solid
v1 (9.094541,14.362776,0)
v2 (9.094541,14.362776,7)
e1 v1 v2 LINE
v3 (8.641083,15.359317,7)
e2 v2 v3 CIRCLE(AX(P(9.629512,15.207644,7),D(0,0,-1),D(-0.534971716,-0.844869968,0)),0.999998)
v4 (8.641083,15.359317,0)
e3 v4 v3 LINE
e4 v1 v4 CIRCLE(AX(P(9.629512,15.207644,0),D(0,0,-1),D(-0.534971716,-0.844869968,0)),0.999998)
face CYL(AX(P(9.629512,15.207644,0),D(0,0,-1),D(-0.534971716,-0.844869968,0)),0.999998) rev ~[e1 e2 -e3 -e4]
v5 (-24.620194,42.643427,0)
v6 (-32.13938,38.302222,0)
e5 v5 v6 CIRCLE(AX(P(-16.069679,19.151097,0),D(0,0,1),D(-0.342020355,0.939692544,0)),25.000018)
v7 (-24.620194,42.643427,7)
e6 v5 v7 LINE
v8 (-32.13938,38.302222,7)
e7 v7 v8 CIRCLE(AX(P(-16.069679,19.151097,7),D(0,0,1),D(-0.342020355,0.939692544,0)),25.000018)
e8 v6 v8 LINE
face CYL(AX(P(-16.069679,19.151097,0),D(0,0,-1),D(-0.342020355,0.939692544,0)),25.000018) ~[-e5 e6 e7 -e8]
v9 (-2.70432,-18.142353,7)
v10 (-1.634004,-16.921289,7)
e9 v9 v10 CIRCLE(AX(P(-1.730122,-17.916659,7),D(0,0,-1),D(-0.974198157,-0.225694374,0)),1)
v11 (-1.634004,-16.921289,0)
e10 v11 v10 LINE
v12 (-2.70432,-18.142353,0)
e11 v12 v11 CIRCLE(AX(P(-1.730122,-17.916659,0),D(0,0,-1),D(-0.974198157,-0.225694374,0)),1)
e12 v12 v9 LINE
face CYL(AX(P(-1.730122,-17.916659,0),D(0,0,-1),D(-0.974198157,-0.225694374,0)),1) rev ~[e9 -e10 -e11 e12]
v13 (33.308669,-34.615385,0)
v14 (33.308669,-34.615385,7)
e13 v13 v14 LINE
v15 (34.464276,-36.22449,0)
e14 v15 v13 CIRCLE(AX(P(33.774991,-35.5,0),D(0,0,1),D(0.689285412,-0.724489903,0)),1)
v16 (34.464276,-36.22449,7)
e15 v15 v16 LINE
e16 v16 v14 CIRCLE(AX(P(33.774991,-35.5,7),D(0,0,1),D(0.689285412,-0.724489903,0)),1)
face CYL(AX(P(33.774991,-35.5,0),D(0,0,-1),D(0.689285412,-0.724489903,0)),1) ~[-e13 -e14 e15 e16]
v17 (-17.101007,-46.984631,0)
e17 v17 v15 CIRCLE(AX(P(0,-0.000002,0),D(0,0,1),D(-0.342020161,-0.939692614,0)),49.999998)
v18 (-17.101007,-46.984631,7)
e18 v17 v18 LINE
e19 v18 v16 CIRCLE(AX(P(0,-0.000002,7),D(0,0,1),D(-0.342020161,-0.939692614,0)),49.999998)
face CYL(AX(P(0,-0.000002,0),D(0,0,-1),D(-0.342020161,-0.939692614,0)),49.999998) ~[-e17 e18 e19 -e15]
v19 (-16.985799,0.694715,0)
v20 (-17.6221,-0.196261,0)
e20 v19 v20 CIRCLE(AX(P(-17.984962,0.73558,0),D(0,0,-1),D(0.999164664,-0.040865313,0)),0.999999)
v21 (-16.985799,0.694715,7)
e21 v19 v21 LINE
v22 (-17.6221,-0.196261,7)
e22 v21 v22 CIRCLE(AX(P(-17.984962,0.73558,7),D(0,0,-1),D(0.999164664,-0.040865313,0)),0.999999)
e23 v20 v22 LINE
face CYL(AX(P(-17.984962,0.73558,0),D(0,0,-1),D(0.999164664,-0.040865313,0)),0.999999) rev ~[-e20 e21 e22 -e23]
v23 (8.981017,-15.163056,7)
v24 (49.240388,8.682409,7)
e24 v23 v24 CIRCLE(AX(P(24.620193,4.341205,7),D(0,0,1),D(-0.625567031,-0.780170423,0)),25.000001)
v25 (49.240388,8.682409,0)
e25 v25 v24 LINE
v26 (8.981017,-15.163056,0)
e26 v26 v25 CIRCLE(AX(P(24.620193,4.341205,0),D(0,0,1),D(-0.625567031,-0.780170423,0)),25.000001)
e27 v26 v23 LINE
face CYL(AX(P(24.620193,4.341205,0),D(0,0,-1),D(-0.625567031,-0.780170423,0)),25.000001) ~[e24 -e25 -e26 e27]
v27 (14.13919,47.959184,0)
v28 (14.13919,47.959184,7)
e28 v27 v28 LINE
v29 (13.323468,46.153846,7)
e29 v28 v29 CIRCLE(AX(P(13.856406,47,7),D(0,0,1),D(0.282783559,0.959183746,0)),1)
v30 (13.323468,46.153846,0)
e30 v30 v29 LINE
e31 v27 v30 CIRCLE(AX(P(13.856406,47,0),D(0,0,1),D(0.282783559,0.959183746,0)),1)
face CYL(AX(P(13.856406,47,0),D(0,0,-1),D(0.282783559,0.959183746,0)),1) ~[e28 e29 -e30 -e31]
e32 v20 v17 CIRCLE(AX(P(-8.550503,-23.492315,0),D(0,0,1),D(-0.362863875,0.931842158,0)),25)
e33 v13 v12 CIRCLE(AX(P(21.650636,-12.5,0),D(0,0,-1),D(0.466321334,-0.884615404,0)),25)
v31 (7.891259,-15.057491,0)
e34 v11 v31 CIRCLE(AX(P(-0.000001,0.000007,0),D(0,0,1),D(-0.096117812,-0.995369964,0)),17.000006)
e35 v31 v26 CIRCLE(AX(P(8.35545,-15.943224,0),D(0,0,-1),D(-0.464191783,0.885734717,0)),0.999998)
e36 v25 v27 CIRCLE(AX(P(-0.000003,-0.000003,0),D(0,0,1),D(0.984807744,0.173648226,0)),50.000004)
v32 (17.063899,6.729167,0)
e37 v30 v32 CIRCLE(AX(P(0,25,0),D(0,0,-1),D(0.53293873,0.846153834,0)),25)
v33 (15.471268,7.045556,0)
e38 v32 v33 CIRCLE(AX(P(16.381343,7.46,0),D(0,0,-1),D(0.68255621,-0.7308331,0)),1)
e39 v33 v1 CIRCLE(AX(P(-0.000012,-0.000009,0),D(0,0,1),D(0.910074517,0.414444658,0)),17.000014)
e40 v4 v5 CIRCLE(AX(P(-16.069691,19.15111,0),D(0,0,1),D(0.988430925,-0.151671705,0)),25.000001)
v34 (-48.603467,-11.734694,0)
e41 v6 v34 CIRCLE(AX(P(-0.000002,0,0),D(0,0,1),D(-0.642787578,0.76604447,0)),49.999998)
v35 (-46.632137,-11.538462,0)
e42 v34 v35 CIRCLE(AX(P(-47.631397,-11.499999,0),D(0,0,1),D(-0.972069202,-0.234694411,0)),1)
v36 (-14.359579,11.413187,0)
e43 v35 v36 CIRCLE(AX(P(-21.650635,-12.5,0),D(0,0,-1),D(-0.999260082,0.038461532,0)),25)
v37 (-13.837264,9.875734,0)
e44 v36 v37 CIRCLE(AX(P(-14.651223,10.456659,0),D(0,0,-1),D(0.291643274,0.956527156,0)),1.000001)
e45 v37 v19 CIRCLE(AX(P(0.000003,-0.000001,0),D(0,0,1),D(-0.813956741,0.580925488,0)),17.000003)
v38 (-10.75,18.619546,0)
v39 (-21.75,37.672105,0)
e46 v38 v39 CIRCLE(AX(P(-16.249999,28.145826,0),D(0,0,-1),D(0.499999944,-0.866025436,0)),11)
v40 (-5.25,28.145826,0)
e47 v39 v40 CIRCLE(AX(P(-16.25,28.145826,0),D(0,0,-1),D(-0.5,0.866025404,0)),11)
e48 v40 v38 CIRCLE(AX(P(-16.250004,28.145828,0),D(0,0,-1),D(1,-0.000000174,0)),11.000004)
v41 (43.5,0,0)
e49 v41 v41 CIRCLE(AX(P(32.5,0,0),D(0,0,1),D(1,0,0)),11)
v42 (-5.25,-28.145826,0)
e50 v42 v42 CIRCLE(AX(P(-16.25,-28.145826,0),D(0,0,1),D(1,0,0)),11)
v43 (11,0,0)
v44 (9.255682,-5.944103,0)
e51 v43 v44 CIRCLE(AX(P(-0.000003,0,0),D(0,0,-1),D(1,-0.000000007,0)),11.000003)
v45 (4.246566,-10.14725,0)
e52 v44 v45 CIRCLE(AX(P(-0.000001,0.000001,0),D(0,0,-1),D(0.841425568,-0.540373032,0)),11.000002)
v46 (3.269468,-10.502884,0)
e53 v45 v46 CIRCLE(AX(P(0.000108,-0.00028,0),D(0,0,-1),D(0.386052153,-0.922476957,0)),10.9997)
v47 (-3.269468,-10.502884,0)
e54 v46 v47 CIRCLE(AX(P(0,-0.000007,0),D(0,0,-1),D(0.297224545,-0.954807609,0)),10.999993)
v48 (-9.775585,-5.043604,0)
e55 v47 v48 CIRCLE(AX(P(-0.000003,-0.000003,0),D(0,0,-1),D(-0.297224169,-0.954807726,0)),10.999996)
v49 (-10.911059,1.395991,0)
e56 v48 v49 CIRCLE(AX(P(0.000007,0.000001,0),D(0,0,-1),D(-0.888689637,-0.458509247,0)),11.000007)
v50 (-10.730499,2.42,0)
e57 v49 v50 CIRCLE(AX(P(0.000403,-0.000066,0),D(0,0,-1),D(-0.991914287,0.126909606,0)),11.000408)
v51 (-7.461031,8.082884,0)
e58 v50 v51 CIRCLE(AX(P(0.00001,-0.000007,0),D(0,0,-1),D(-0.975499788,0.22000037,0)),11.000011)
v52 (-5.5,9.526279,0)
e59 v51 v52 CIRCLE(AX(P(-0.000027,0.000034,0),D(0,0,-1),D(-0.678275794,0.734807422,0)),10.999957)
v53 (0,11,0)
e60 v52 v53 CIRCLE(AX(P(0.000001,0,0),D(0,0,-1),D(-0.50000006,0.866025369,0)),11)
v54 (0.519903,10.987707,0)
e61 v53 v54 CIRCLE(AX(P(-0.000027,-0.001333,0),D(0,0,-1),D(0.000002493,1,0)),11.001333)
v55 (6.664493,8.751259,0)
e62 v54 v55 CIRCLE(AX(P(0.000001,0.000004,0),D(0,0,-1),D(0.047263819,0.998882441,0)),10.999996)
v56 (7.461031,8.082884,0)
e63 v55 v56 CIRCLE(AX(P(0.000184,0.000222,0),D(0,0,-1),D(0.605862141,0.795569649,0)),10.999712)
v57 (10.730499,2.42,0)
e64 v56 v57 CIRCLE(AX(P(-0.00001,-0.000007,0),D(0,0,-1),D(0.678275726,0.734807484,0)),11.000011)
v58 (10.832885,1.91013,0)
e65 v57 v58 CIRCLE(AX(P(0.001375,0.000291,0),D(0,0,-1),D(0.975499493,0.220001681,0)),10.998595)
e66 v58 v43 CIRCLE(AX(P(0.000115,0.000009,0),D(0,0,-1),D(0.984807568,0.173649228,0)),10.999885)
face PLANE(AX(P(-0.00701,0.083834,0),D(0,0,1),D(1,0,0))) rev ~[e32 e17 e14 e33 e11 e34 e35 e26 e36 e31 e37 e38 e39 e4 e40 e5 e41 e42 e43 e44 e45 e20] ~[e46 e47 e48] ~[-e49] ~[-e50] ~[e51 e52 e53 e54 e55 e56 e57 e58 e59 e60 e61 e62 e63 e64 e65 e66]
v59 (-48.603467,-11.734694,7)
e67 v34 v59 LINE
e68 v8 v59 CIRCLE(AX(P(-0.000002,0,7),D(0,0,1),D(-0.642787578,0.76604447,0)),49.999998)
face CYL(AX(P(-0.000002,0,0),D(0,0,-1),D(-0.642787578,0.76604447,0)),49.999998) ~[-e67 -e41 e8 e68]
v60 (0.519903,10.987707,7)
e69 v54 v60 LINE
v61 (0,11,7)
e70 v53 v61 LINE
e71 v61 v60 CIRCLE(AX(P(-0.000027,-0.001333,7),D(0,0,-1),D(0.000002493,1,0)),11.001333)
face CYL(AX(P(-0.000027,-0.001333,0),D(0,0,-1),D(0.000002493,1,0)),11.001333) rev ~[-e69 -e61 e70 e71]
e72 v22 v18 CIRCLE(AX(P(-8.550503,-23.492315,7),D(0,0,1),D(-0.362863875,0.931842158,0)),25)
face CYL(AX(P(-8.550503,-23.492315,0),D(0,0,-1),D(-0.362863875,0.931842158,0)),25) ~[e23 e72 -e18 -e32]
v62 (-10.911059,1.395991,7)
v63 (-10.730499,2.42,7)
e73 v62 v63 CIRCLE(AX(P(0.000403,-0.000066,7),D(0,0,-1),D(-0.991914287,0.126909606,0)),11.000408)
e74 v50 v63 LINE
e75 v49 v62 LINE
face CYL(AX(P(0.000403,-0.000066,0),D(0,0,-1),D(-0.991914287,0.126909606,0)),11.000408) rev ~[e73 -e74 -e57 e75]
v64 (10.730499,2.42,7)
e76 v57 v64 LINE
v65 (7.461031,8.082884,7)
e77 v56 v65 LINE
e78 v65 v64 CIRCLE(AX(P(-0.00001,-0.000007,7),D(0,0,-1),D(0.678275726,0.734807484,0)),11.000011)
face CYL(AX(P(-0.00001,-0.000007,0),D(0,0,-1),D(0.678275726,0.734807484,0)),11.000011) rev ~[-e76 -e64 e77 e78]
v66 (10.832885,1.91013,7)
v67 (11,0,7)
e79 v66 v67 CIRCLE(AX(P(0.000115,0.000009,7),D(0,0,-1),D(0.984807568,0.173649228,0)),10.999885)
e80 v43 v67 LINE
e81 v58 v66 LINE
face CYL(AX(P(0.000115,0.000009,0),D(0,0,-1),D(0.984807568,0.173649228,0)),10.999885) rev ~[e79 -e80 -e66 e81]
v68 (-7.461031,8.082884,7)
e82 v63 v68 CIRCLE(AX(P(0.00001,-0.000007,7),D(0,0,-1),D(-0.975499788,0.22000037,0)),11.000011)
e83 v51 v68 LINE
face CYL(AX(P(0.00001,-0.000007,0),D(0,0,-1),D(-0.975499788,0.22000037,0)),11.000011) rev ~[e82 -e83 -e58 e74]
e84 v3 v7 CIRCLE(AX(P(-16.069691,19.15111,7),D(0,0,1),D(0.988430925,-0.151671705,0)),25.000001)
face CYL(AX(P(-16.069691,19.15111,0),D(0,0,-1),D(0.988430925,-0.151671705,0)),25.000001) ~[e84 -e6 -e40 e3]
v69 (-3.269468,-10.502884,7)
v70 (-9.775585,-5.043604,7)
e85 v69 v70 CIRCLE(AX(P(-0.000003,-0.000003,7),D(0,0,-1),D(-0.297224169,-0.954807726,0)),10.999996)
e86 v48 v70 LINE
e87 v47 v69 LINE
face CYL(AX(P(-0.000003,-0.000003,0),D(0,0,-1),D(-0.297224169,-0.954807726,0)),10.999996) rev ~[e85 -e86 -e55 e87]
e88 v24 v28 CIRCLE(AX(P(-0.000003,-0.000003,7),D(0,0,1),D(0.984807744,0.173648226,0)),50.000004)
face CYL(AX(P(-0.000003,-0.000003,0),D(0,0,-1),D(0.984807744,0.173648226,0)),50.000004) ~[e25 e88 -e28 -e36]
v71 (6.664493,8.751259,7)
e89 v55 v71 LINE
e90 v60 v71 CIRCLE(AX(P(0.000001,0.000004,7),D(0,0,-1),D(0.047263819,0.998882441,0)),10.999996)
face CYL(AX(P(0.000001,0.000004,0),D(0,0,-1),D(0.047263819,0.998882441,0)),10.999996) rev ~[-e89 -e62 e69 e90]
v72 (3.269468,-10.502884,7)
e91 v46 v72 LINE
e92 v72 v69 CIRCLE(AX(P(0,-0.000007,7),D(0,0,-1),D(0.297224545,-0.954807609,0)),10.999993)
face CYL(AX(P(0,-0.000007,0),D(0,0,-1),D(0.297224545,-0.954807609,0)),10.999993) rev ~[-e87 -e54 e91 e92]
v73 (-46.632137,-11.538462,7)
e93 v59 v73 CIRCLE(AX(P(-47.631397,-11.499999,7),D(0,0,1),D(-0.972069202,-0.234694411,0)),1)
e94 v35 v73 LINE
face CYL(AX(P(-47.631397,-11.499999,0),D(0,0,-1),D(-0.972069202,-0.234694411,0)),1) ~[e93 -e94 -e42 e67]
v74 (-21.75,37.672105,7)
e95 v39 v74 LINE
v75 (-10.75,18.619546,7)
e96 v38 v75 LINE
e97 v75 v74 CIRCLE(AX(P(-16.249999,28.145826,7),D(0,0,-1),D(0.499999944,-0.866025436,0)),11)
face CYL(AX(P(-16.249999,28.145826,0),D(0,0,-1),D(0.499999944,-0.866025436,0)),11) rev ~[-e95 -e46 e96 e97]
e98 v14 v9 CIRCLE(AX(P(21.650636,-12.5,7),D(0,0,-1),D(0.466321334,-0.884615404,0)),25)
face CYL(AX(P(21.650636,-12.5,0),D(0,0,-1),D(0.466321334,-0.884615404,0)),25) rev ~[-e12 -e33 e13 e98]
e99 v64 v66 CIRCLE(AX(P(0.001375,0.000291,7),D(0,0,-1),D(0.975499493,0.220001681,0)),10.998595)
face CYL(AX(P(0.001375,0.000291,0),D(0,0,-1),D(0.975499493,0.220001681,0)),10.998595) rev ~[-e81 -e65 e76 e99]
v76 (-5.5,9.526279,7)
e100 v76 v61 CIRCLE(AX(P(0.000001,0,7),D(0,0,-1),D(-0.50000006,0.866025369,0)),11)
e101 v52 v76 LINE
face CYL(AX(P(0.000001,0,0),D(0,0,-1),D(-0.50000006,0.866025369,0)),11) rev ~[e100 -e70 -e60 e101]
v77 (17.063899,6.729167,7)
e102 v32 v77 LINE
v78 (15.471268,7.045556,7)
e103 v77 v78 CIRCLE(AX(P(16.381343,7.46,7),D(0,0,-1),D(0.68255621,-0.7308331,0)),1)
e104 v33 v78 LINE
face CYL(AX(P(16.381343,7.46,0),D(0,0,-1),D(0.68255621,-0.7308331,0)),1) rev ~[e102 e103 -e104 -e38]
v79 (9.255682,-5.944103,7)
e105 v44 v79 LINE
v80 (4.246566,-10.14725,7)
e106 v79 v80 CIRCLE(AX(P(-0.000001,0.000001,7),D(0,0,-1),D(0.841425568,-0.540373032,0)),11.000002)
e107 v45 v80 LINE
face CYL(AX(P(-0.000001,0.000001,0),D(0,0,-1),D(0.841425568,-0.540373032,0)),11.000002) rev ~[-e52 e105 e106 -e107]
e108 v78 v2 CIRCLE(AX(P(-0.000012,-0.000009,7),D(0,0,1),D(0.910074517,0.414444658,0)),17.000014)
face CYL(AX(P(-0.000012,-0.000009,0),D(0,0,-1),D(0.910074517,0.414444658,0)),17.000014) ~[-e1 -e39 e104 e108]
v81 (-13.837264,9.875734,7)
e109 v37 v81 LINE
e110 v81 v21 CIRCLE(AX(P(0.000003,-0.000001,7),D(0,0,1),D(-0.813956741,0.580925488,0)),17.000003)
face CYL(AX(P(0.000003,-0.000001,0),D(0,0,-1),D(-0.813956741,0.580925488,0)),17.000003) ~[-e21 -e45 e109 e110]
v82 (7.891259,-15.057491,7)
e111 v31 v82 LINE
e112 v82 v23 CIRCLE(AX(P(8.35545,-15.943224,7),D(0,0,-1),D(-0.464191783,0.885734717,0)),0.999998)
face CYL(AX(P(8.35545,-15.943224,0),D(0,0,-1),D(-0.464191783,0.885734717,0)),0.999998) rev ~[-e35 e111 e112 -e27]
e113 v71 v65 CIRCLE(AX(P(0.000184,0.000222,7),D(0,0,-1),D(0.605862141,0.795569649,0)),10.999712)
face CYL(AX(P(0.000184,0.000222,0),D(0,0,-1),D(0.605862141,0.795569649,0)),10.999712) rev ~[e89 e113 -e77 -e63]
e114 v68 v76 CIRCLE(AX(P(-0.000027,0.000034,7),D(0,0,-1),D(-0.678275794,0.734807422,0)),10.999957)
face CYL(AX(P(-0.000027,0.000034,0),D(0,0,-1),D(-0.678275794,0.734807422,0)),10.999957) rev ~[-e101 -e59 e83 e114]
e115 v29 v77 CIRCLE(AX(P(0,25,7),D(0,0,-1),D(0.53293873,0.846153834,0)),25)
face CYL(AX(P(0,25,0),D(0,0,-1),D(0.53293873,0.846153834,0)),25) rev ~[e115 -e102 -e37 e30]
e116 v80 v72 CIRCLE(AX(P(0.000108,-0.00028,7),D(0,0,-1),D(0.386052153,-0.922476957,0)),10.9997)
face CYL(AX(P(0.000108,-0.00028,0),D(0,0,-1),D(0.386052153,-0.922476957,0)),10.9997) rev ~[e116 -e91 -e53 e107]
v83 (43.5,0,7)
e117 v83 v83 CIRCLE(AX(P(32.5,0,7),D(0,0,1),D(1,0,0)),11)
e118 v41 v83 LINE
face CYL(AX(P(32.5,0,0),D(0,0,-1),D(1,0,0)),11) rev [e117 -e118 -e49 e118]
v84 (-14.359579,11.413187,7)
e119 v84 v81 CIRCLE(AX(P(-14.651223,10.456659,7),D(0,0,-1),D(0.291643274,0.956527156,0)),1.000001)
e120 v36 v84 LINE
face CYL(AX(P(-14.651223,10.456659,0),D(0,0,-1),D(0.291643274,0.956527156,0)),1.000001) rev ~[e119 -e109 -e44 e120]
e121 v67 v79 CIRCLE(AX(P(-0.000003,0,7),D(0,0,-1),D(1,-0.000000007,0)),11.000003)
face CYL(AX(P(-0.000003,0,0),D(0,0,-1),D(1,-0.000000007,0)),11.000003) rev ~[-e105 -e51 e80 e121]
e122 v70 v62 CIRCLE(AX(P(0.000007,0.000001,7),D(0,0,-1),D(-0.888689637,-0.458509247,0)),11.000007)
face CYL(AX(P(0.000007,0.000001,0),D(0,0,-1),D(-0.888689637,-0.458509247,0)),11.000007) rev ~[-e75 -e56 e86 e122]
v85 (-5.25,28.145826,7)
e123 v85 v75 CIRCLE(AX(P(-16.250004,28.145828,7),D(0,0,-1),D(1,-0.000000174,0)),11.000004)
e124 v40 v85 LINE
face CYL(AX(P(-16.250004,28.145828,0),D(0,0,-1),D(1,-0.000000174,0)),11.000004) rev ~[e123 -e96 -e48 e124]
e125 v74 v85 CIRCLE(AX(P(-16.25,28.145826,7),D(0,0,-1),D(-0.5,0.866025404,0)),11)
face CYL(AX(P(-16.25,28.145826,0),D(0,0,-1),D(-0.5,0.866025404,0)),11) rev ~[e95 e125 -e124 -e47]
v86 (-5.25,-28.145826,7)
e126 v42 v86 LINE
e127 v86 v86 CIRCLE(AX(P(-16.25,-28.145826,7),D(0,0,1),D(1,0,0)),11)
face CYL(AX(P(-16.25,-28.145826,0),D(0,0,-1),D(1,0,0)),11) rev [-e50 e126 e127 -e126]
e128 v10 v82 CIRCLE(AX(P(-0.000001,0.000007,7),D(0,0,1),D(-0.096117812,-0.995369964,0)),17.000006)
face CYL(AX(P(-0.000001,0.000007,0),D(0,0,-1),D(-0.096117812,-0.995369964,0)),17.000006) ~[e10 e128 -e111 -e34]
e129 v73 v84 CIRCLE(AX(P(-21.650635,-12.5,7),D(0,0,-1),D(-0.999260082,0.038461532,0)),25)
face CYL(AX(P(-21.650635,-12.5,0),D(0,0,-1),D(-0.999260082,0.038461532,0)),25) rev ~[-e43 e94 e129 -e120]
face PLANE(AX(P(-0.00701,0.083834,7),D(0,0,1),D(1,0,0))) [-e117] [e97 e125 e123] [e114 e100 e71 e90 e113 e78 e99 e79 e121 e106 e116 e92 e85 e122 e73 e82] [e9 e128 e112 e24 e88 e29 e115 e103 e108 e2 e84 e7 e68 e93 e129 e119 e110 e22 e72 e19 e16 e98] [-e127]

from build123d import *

# Parameters (mm, degrees)
F0_R     = 11
F1_DEPTH = 7


with BuildPart() as f1:
    # F0 (on Top) → F1 (new body)
    with BuildSketch(Plane.XY):
        with BuildLine():
            ThreePointArc((8.981017, -15.163056), (37.360532, -17.168881), (49.240388, 8.682409))
            ThreePointArc((49.240388, 8.682409), (37.281483, 33.318028), (14.13919, 47.959184))
            ThreePointArc((14.13919, 47.959184), (12.945113, 47.411758), (13.323468, 46.153846))
            ThreePointArc((13.323468, 46.153846), (24.888237, 27.361281), (17.063899, 6.729167))
            ThreePointArc((17.063899, 6.729167), (16.186493, 6.479167), (15.471268, 7.045556))
            ThreePointArc((15.471268, 7.045556), (12.816207, 11.168922), (9.094541, 14.362776))
            ThreePointArc((9.094541, 14.362776), (8.719314, 14.793475), (8.641083, 15.359317))
            ThreePointArc((8.641083, 15.359317), (-0.214274, 38.479995), (-24.620194, 42.643427))
            ThreePointArc((-24.620194, 42.643427), (-28.56969, 40.801746), (-32.13938, 38.302222))
            ThreePointArc((-32.13938, 38.302222), (-47.495001, 15.627697), (-48.603467, -11.734694))
            ThreePointArc((-48.603467, -11.734694), (-47.532344, -12.495082), (-46.632137, -11.538462))
            ThreePointArc((-46.632137, -11.538462), (-36.139683, 7.873205), (-14.359579, 11.413187))
            ThreePointArc((-14.359579, 11.413187), (-13.70437, 10.77833), (-13.837264, 9.875734))
            ThreePointArc((-13.837264, 9.875734), (-16.080674, 5.5147), (-16.985799, 0.694715))
            ThreePointArc((-16.985799, 0.694715), (-17.171182, 0.15441), (-17.6221, -0.196261))
            ThreePointArc((-17.6221, -0.196261), (-33.548953, -23.770729), (-17.101007, -46.984631))
            ThreePointArc((-17.101007, -46.984631), (10.213517, -48.945726), (34.464276, -36.22449))
            ThreePointArc((34.464276, -36.22449), (34.58723, -34.916676), (33.308669, -34.615385))
            ThreePointArc((33.308669, -34.615385), (11.251446, -35.234486), (-2.70432, -18.142353))
            ThreePointArc((-2.70432, -18.142353), (-2.482123, -17.257497), (-1.634004, -16.921289))
            ThreePointArc((-1.634004, -16.921289), (3.264467, -16.683622), (7.891259, -15.057491))
            ThreePointArc((7.891259, -15.057491), (8.451868, -14.947885), (8.981017, -15.163056))
        make_face()
        with Locations((-16.25, -28.145826)):
            Circle(F0_R, mode=Mode.SUBTRACT)
        with BuildLine():
            ThreePointArc((-10.75, 18.619546), (-25.776279, 22.645826), (-21.75, 37.672105))
            ThreePointArc((-21.75, 37.672105), (-10.75, 37.672105), (-5.25, 28.145826))
            ThreePointArc((-5.25, 28.145826), (-6.723721, 22.645826), (-10.75, 18.619546))
        make_face(mode=Mode.SUBTRACT)
        with BuildLine():
            ThreePointArc((-7.461031, 8.082884), (-6.520577, 8.859011), (-5.5, 9.526279))
            ThreePointArc((-5.5, 9.526279), (-2.847009, 10.625184), (0, 11))
            ThreePointArc((0, 11), (0.260024, 10.996926), (0.519903, 10.987707))
            ThreePointArc((0.519903, 10.987707), (3.762222, 10.336619), (6.664493, 8.751259))
            ThreePointArc((6.664493, 8.751259), (7.070664, 8.426489), (7.461031, 8.082884))
            ThreePointArc((7.461031, 8.082884), (9.526279, 5.5), (10.730499, 2.42))
            ThreePointArc((10.730499, 2.42), (10.784706, 2.16567), (10.832885, 1.91013))
            ThreePointArc((10.832885, 1.91013), (10.958142, 0.958713), (11, 0))
            ThreePointArc((11, 0), (10.554916, -3.097378), (9.255682, -5.944103))
            ThreePointArc((9.255682, -5.944103), (7.070664, -8.426489), (4.246566, -10.14725))
            ThreePointArc((4.246566, -10.14725), (3.762222, -10.336619), (3.269468, -10.502884))
            ThreePointArc((3.269468, -10.502884), (0, -11), (-3.269468, -10.502884))
            ThreePointArc((-3.269468, -10.502884), (-7.070664, -8.426489), (-9.775585, -5.043604))
            ThreePointArc((-9.775585, -5.043604), (-10.832885, -1.91013), (-10.911059, 1.395991))
            ThreePointArc((-10.911059, 1.395991), (-10.832885, 1.91013), (-10.730499, 2.42))
            ThreePointArc((-10.730499, 2.42), (-9.526279, 5.5), (-7.461031, 8.082884))
        make_face(mode=Mode.SUBTRACT)
        with Locations((32.5, 0)):
            Circle(F0_R, mode=Mode.SUBTRACT)
    extrude(amount=F1_DEPTH)


solid = f1.part
